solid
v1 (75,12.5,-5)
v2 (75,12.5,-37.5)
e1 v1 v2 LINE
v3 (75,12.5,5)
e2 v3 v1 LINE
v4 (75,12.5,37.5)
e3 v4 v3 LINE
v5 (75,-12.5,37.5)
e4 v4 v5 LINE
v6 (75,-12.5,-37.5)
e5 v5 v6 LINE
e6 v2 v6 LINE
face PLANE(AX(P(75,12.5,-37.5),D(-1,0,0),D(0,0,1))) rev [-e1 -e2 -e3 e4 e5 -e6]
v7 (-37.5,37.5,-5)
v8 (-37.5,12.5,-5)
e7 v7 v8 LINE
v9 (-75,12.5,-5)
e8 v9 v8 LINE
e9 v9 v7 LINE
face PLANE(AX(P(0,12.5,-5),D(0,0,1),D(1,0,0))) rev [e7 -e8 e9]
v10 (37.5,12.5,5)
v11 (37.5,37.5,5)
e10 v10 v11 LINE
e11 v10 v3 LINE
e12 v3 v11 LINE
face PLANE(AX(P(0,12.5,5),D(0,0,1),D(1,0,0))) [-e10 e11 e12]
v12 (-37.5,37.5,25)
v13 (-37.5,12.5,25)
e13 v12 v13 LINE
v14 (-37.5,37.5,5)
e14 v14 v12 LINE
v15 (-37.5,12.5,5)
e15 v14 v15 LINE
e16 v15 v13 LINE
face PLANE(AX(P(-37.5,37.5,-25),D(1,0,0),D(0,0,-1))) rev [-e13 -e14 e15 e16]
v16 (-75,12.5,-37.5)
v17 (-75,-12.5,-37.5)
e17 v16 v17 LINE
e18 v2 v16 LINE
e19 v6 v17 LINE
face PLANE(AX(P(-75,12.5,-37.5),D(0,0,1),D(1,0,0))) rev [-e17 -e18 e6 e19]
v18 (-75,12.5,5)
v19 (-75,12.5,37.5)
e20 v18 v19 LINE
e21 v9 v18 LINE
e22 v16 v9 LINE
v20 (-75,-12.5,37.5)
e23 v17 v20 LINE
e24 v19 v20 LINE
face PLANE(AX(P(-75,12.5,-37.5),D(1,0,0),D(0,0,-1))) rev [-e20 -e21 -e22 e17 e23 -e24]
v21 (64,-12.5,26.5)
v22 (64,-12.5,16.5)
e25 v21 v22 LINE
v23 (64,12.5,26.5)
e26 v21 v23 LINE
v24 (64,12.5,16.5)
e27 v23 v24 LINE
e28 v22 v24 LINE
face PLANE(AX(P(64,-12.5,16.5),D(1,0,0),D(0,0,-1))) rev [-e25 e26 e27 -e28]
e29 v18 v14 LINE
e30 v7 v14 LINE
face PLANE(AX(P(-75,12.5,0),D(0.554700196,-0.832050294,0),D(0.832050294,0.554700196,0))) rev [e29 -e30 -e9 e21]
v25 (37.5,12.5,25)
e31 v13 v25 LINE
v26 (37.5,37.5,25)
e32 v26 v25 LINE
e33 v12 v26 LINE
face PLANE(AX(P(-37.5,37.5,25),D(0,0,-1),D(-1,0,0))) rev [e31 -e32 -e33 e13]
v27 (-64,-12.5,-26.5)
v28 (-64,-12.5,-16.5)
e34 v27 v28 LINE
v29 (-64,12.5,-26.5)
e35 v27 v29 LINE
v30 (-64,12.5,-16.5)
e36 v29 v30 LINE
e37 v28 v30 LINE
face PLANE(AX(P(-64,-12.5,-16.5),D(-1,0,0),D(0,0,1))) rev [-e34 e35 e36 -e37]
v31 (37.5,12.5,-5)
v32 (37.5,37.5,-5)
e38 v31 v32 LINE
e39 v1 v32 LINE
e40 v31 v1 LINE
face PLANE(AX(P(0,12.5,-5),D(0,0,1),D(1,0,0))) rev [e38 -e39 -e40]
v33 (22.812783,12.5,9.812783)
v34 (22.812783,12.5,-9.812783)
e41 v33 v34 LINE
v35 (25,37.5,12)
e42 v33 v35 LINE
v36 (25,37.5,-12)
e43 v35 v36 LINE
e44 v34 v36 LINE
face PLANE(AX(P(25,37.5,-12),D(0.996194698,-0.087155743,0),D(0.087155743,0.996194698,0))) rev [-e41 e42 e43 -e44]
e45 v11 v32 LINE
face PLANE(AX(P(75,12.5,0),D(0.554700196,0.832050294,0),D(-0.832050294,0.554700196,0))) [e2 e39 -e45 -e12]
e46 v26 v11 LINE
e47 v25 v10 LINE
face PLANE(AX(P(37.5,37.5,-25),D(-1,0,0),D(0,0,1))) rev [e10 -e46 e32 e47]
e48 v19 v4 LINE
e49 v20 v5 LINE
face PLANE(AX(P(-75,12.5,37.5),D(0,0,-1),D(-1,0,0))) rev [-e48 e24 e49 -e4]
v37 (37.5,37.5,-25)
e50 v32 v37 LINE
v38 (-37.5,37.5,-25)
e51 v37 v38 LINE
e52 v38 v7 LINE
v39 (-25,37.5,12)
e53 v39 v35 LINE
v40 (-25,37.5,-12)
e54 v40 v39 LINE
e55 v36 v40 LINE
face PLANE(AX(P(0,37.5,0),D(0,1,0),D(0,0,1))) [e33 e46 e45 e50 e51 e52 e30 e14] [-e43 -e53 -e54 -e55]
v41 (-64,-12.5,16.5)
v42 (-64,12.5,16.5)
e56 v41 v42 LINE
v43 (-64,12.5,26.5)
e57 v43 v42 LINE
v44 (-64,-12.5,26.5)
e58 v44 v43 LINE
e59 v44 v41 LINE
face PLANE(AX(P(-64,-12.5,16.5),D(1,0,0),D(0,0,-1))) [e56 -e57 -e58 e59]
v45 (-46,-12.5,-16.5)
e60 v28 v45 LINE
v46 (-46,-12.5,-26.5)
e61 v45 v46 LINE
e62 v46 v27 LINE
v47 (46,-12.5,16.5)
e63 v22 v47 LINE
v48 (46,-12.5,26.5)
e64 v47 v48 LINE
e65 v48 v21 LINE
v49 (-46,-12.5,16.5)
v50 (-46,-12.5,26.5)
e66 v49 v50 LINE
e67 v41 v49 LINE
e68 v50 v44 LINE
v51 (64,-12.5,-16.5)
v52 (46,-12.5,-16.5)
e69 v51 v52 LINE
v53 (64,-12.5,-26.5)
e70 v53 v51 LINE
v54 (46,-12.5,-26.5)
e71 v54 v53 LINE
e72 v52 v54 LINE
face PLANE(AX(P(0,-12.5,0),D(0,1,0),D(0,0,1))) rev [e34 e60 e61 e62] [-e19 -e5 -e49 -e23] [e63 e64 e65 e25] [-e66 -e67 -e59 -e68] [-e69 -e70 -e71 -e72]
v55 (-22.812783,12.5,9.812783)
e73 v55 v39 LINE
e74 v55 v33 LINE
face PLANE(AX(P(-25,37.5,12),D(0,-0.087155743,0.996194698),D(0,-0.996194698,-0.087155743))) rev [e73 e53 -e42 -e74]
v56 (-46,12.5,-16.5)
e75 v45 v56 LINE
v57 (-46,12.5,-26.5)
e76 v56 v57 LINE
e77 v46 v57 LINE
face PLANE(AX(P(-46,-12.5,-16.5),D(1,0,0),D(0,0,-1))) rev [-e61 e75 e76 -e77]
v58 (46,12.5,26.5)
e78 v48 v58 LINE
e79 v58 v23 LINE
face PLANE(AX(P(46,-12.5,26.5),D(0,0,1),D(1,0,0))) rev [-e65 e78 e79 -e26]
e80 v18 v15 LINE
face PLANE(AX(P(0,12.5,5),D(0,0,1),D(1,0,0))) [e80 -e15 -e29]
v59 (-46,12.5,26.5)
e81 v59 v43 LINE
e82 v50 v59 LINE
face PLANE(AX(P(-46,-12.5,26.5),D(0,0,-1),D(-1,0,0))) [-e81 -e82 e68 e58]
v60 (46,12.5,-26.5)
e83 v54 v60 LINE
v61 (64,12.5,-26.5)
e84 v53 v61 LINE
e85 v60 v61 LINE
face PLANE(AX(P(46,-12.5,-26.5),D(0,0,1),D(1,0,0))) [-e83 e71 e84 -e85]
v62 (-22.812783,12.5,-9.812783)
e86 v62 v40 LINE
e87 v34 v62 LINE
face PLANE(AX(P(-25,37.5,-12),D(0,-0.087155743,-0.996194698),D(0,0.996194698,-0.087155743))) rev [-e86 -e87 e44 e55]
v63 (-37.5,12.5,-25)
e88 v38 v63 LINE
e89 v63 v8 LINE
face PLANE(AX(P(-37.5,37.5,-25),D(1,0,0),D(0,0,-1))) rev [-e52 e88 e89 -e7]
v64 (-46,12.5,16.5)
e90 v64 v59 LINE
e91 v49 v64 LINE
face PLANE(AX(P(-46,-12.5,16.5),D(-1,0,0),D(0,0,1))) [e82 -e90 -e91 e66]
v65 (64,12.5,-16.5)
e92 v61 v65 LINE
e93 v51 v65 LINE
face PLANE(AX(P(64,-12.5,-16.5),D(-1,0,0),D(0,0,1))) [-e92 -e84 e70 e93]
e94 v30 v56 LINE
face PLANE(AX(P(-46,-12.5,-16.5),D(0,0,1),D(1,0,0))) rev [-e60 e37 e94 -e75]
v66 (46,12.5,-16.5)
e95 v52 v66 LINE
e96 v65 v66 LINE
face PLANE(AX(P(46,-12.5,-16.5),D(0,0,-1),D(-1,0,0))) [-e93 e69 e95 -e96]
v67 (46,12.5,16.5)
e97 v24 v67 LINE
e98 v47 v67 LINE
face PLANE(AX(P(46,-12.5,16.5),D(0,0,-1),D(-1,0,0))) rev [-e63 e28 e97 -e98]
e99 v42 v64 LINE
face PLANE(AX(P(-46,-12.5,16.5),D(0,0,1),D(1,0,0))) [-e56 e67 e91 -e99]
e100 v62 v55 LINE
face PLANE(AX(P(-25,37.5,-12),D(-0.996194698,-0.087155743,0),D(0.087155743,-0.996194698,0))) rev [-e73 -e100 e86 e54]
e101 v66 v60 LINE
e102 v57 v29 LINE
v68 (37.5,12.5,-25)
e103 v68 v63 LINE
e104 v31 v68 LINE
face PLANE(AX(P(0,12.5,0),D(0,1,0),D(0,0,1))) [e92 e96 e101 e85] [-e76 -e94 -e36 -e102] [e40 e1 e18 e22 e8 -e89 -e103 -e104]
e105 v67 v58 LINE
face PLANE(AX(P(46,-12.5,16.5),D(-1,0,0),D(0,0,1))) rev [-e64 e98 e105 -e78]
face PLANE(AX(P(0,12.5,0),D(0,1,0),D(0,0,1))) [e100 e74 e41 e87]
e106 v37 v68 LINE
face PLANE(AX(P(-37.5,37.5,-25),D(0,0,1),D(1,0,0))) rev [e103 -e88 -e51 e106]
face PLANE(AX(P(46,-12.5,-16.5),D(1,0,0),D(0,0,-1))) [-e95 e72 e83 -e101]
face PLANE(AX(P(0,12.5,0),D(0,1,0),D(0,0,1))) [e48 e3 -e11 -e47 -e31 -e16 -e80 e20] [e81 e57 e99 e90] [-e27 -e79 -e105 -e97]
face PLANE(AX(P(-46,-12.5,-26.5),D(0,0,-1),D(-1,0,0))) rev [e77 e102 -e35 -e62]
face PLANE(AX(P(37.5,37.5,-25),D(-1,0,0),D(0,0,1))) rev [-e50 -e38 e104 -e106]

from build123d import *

# Parameters (mm, degrees)
SKETCH2_W               = 150
SKETCH2_H               = 75
BOSS_EXTRUDE1_DEPTH     = 12.5
SKETCH3_W               = 75
SKETCH3_H               = 50
BOSS_EXTRUDE3_DEPTH     = 25
SKETCH4_W               = 50
SKETCH4_H               = 24
CUT_EXTRUDE1_DEPTH      = 25
CUT_EXTRUDE1_DRAFT      = -5
SKETCH5_W               = 18
SKETCH5_H               = 10
CUT_EXTRUDE2_DEPTH      = 88.5
MIRROR2_COPY_1_SKETCH_W = 18
MIRROR2_COPY_1_SKETCH_H = 10
MIRROR2_COPY_1_DEPTH    = 88.5
RIB1_REACH              = 93.856
SKETCH6_WALL_W          = 230.781121652
SKETCH6_WALL_H          = 10


with BuildPart() as part:
    # Sketch2 → Boss-Extrude1 (new, symmetric)
    with BuildSketch(Plane(origin=(0, 0, 0), x_dir=(1, 0, 0), z_dir=(0, 1, 0))):
        Rectangle(SKETCH2_W, SKETCH2_H)
    extrude(amount=BOSS_EXTRUDE1_DEPTH, both=True)

    # Sketch3 → Boss-Extrude3 (add)
    with BuildSketch(Plane(origin=(0, 12.5, 0), x_dir=(1, 0, 0), z_dir=(0, 1, 0))):
        Rectangle(SKETCH3_W, SKETCH3_H)
    extrude(amount=BOSS_EXTRUDE3_DEPTH)


with BuildPart() as cut_extrude1_tool:
    # Sketch4 → Cut-Extrude1 (with draft: the straight prism first)
    with BuildSketch(Plane(origin=(0, 37.5, 0), x_dir=(1, 0, 0), z_dir=(0, 1, 0))):
        Rectangle(SKETCH4_W, SKETCH4_H)
    extrude(amount=-CUT_EXTRUDE1_DEPTH)
    # Cut-Extrude1: the draft: its side faces are tilted about the plane it starts from
    cut_extrude1_sides = [cut_extrude1_tool.faces().sort_by_distance(p)[0] for p in [
        (-25, 25, 0),
        (0, 25, 12),
        (25, 25, 0),
        (0, 25, -12),
    ]]
    draft(cut_extrude1_sides, Plane(origin=(0, 37.5, 0), x_dir=(1, 0, 0), z_dir=(0, 1, 0)), CUT_EXTRUDE1_DRAFT)


with BuildPart() as part_1:
    add(part.part)

    # Cut-Extrude1: cut by cut_extrude1_tool
    add(cut_extrude1_tool.part, mode=Mode.SUBTRACT)

    # Sketch5 → Cut-Extrude2 (cut, through all)
    with BuildSketch(Plane(origin=(0, 12.5, 0), x_dir=(1, 0, 0), z_dir=(0, 1, 0))):
        with Locations((55, -21.5)):
            Rectangle(SKETCH5_W, SKETCH5_H)
    cut_extrude2 = extrude(amount=-CUT_EXTRUDE2_DEPTH, mode=Mode.SUBTRACT)

    # Mirror1: Cut-Extrude2 across plane
    add(cut_extrude2.mirror(Plane(origin=(0, 0, 0), x_dir=(0, 0, 1), z_dir=(1, 0, 0))), mode=Mode.SUBTRACT)

    # Mirror2: Cut-Extrude2 across plane
    add(cut_extrude2.mirror(Plane.XY), mode=Mode.SUBTRACT)

    # Mirror2 copy 1 sketch → Mirror2 copy 1 (cut, through all)
    with BuildSketch(Plane(origin=(0, 12.5, 0), x_dir=(-1, 0, 0), z_dir=(0, 1, 0))):
        with Locations((55, -21.5)):
            Rectangle(MIRROR2_COPY_1_SKETCH_W, MIRROR2_COPY_1_SKETCH_H)
    extrude(amount=-MIRROR2_COPY_1_DEPTH, mode=Mode.SUBTRACT)

    # Sketch6 wall → Rib1 (add, up to next)
    with BuildSketch(Plane(origin=(-56.25, 25, 0), x_dir=(0.832050294338, 0.554700196225, 0), z_dir=(-0.554700196225, 0.832050294338, 0)), mode=Mode.PRIVATE) as rib1_sk1:
        Rectangle(SKETCH6_WALL_W, SKETCH6_WALL_H)
    rib1_tool1 = extrude(rib1_sk1.sketch, amount=-RIB1_REACH, mode=Mode.PRIVATE) - part_1.part
    rib1 = rib1_tool1.solids().sort_by_distance((-56.25, 25, 0))[0]
    add(rib1)

    # Mirror3: Rib1 across plane
    add(rib1.mirror(Plane(origin=(0, 0, 0), x_dir=(0, 0, 1), z_dir=(1, 0, 0))))


solid = part_1.part
